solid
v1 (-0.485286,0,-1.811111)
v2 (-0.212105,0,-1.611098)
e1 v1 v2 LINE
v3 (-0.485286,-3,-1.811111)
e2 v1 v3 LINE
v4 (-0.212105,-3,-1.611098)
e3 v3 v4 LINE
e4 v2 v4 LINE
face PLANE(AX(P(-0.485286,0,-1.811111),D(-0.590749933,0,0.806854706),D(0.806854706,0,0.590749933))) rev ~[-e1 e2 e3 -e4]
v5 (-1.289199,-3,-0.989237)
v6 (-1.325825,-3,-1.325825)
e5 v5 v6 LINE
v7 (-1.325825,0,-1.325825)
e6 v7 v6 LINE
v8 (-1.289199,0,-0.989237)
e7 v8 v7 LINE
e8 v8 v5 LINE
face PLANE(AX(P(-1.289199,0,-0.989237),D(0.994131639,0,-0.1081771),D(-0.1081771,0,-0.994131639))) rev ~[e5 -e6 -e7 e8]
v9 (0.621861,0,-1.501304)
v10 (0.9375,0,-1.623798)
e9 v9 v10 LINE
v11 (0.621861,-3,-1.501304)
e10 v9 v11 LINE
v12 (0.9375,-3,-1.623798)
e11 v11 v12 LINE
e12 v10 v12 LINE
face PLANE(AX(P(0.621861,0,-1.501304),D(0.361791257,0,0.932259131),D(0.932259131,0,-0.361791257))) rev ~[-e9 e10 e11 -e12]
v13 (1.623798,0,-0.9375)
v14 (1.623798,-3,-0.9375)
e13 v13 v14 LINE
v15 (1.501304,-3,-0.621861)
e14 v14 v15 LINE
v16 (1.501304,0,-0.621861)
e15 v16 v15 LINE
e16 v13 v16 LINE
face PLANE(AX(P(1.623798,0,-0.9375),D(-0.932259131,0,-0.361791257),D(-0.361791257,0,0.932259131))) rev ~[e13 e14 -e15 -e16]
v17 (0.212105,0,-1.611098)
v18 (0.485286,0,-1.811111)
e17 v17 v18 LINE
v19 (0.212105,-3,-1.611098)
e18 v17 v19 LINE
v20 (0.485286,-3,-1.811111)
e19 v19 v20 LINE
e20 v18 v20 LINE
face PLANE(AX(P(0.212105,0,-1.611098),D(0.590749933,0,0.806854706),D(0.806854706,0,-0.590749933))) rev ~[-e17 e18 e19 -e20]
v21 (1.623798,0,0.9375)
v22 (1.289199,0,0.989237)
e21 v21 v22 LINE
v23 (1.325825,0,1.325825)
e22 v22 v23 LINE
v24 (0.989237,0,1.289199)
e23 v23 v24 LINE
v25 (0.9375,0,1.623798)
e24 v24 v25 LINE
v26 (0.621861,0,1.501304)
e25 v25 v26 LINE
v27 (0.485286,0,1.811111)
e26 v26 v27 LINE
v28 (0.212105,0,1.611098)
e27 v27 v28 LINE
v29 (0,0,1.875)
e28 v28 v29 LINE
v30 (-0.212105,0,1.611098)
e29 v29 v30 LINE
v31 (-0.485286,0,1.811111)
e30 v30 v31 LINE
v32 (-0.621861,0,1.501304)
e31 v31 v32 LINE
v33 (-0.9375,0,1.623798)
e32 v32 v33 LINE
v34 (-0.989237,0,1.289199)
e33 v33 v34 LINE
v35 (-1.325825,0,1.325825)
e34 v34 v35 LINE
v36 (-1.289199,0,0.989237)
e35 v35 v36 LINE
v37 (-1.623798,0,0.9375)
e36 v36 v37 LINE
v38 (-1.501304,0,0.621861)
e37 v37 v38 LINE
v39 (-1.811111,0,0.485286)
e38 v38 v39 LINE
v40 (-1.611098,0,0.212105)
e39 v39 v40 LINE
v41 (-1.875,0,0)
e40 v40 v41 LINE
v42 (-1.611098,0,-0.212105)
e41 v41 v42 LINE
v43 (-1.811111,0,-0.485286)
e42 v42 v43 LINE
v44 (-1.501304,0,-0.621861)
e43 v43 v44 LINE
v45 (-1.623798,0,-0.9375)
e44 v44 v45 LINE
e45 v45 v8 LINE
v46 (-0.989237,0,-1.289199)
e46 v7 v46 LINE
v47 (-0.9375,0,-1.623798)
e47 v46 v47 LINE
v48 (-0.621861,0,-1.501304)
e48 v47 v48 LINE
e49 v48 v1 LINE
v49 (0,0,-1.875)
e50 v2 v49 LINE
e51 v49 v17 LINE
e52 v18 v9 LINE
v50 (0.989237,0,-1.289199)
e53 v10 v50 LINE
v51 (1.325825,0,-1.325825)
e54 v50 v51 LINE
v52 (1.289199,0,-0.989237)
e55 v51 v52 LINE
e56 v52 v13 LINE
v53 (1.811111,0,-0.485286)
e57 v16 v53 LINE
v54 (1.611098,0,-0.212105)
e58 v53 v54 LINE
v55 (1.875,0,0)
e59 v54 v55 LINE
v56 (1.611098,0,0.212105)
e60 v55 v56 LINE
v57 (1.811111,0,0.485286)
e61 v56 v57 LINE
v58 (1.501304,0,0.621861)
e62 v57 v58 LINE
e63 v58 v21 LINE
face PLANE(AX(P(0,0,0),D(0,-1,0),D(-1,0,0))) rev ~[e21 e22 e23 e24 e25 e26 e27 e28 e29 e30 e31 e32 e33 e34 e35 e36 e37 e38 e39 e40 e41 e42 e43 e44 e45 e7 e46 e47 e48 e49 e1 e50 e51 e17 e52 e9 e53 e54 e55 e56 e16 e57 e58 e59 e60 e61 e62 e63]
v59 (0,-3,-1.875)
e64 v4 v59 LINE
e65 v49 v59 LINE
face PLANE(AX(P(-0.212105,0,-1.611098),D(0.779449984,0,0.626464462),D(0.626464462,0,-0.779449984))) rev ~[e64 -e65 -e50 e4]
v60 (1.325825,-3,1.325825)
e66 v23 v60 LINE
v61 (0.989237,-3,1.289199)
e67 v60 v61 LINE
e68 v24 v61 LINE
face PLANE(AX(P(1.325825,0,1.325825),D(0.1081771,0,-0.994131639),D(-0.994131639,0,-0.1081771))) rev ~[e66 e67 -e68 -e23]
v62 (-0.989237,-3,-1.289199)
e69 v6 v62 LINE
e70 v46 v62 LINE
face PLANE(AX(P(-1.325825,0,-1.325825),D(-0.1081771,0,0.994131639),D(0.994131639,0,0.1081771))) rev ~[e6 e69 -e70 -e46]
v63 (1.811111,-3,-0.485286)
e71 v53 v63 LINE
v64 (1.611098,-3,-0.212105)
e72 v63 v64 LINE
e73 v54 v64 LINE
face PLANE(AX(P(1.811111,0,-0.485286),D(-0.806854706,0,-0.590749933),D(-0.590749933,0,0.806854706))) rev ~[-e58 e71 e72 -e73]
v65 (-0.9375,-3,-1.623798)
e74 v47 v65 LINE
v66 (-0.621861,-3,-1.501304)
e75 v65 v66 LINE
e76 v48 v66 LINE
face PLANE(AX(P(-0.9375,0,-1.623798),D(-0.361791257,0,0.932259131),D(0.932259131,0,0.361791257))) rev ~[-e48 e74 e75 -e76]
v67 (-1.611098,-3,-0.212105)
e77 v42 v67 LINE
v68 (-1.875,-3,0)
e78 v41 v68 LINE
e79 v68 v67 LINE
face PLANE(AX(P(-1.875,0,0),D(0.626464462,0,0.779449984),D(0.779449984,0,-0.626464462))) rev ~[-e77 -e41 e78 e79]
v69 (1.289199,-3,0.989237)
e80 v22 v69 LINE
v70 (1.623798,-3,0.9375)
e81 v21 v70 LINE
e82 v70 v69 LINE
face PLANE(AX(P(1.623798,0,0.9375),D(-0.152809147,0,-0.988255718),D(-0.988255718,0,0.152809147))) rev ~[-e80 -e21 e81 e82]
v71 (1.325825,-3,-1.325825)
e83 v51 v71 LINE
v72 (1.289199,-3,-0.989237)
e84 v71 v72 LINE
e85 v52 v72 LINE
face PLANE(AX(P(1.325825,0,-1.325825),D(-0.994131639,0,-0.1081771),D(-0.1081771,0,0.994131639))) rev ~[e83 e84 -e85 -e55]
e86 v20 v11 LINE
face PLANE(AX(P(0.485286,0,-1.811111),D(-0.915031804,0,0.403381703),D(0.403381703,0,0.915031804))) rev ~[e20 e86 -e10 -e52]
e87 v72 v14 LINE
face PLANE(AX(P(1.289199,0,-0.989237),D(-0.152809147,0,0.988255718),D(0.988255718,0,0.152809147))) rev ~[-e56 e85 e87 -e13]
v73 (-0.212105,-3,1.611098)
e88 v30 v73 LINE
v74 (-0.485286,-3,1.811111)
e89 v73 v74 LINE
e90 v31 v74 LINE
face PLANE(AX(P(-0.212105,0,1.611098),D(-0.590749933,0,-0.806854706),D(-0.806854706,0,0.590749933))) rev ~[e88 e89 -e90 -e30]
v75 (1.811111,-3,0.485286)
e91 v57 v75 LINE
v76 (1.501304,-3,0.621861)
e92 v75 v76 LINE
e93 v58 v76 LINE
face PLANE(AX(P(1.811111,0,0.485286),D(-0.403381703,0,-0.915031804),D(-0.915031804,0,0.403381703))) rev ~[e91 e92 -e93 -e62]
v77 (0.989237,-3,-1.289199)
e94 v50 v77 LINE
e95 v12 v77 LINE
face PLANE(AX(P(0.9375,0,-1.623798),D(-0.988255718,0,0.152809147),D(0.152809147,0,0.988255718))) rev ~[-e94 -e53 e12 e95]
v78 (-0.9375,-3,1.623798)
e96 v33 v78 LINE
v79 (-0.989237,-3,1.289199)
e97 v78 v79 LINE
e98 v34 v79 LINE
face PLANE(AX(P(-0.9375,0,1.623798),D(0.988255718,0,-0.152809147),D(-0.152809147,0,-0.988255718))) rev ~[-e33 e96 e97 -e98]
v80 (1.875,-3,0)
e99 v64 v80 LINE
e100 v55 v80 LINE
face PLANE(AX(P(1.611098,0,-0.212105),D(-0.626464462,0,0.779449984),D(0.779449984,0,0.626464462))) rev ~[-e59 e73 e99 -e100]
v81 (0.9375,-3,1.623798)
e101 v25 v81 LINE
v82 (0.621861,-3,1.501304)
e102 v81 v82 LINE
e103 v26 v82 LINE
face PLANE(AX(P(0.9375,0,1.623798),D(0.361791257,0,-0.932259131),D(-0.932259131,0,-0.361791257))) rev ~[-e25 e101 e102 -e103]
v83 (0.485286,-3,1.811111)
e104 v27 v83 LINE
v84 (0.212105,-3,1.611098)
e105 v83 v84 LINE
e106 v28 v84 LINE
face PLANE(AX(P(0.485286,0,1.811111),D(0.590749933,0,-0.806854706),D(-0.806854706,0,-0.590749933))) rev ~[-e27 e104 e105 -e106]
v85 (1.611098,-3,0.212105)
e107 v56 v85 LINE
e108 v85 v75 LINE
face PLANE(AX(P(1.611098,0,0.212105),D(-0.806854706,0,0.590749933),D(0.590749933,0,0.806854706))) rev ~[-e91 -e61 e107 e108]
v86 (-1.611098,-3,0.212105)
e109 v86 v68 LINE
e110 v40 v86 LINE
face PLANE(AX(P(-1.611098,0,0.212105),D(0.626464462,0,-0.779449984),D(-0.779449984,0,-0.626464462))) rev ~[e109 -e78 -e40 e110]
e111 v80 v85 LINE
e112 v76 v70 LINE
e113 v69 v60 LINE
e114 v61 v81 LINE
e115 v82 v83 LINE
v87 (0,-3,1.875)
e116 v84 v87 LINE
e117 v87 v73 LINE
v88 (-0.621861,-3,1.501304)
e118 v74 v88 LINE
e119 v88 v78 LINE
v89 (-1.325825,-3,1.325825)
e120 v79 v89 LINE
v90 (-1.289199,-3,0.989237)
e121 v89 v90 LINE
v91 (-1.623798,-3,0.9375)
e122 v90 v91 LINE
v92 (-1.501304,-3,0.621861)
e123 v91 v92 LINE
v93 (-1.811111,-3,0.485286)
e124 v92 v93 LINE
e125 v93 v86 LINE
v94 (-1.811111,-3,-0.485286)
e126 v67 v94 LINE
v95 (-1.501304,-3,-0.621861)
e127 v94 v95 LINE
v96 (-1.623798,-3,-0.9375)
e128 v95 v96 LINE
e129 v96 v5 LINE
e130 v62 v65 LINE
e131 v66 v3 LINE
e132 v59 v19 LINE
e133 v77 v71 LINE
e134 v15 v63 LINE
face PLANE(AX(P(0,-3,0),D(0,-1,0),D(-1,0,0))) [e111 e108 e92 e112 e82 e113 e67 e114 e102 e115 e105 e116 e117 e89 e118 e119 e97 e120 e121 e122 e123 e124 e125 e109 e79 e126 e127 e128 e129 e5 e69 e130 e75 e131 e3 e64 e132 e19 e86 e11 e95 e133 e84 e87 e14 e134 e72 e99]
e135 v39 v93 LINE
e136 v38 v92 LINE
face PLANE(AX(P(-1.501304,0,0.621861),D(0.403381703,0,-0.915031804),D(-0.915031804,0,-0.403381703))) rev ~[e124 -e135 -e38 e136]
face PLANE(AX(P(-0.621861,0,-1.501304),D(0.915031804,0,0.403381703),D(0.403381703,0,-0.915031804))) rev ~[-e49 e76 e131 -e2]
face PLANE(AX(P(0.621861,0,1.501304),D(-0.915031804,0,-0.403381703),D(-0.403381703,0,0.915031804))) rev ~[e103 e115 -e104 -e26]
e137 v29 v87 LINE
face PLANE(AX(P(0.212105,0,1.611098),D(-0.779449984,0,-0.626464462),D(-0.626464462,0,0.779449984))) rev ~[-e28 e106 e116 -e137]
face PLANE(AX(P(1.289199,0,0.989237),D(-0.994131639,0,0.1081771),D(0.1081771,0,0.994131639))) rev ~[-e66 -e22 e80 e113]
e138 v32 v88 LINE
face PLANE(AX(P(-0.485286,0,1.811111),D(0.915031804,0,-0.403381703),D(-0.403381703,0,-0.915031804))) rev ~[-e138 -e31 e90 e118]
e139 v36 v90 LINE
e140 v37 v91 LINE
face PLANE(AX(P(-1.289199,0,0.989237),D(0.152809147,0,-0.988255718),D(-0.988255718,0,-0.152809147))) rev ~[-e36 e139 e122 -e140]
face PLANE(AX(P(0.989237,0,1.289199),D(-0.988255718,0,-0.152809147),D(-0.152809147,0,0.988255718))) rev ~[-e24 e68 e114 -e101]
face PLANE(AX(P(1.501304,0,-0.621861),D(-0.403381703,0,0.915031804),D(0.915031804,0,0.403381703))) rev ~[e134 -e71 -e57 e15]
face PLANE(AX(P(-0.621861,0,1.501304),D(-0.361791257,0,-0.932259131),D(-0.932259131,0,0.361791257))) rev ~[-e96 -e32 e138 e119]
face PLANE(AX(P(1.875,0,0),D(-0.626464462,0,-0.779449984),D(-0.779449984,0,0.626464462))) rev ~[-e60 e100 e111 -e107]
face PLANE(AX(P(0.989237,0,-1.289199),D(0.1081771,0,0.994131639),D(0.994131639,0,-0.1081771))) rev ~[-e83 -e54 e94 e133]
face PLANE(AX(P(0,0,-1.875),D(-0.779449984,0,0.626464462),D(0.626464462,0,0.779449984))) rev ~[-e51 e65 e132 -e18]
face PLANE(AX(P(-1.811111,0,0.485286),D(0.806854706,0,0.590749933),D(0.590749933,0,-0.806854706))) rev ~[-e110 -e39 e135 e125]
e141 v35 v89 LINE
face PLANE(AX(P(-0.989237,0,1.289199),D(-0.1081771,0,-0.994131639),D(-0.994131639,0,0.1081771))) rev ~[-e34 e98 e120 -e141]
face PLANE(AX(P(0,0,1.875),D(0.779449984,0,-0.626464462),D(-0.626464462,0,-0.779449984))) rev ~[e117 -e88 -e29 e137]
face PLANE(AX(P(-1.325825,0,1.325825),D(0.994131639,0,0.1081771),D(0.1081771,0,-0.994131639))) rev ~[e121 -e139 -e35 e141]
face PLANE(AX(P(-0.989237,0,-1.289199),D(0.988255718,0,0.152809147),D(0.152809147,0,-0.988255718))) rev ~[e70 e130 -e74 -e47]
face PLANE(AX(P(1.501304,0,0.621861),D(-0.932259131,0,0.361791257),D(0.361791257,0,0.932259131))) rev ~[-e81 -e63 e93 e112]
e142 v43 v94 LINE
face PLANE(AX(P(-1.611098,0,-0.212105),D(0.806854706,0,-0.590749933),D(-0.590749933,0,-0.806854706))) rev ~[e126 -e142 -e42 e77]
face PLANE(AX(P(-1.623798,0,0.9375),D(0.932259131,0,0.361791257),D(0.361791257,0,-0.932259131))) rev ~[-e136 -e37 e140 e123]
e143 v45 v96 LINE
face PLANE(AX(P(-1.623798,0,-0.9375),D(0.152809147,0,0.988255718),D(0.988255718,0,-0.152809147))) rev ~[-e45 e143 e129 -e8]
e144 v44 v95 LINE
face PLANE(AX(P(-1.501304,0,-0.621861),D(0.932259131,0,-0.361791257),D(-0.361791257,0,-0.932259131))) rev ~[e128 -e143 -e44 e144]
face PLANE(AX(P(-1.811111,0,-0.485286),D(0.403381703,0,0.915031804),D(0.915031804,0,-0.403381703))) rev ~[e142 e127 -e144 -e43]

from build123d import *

# Parameters (mm, degrees)
BOSS_EXTRUDE1_DEPTH = 3


with BuildPart() as part:
    # Sketch1 → Boss-Extrude1 (new body)
    with BuildSketch(Plane(origin=(0, 0, 0), x_dir=(1, 0, 0), z_dir=(0, 1, 0))):
        Polygon((-0.212105062, 1.6110979), (0, 1.875), (0.212105062, 1.6110979), (0.48528571, 1.811110924), (0.621860578, 1.50130424), (0.9375, 1.623797632), (0.989237322, 1.289199178), (1.325825215, 1.325825215), (1.289199178, 0.989237322), (1.623797632, 0.9375), (1.50130424, 0.621860578), (1.811110924, 0.48528571), (1.6110979, 0.212105062), (1.875, 0), (1.6110979, -0.212105062), (1.811110924, -0.48528571), (1.50130424, -0.621860578), (1.623797632, -0.9375), (1.289199178, -0.989237322), (1.325825215, -1.325825215), (0.989237322, -1.289199178), (0.9375, -1.623797632), (0.621860578, -1.50130424), (0.48528571, -1.811110924), (0.212105062, -1.6110979), (0, -1.875), (-0.212105062, -1.6110979), (-0.48528571, -1.811110924), (-0.621860578, -1.50130424), (-0.9375, -1.623797632), (-0.989237322, -1.289199178), (-1.325825215, -1.325825215), (-1.289199178, -0.989237322), (-1.623797632, -0.9375), (-1.50130424, -0.621860578), (-1.811110924, -0.48528571), (-1.6110979, -0.212105062), (-1.875, 0), (-1.6110979, 0.212105062), (-1.811110924, 0.48528571), (-1.50130424, 0.621860578), (-1.623797632, 0.9375), (-1.289199178, 0.989237322), (-1.325825215, 1.325825215), (-0.989237322, 1.289199178), (-0.9375, 1.623797632), (-0.621860578, 1.50130424), (-0.48528571, 1.811110924), align=None)
    extrude(amount=-BOSS_EXTRUDE1_DEPTH)


solid = part.part
